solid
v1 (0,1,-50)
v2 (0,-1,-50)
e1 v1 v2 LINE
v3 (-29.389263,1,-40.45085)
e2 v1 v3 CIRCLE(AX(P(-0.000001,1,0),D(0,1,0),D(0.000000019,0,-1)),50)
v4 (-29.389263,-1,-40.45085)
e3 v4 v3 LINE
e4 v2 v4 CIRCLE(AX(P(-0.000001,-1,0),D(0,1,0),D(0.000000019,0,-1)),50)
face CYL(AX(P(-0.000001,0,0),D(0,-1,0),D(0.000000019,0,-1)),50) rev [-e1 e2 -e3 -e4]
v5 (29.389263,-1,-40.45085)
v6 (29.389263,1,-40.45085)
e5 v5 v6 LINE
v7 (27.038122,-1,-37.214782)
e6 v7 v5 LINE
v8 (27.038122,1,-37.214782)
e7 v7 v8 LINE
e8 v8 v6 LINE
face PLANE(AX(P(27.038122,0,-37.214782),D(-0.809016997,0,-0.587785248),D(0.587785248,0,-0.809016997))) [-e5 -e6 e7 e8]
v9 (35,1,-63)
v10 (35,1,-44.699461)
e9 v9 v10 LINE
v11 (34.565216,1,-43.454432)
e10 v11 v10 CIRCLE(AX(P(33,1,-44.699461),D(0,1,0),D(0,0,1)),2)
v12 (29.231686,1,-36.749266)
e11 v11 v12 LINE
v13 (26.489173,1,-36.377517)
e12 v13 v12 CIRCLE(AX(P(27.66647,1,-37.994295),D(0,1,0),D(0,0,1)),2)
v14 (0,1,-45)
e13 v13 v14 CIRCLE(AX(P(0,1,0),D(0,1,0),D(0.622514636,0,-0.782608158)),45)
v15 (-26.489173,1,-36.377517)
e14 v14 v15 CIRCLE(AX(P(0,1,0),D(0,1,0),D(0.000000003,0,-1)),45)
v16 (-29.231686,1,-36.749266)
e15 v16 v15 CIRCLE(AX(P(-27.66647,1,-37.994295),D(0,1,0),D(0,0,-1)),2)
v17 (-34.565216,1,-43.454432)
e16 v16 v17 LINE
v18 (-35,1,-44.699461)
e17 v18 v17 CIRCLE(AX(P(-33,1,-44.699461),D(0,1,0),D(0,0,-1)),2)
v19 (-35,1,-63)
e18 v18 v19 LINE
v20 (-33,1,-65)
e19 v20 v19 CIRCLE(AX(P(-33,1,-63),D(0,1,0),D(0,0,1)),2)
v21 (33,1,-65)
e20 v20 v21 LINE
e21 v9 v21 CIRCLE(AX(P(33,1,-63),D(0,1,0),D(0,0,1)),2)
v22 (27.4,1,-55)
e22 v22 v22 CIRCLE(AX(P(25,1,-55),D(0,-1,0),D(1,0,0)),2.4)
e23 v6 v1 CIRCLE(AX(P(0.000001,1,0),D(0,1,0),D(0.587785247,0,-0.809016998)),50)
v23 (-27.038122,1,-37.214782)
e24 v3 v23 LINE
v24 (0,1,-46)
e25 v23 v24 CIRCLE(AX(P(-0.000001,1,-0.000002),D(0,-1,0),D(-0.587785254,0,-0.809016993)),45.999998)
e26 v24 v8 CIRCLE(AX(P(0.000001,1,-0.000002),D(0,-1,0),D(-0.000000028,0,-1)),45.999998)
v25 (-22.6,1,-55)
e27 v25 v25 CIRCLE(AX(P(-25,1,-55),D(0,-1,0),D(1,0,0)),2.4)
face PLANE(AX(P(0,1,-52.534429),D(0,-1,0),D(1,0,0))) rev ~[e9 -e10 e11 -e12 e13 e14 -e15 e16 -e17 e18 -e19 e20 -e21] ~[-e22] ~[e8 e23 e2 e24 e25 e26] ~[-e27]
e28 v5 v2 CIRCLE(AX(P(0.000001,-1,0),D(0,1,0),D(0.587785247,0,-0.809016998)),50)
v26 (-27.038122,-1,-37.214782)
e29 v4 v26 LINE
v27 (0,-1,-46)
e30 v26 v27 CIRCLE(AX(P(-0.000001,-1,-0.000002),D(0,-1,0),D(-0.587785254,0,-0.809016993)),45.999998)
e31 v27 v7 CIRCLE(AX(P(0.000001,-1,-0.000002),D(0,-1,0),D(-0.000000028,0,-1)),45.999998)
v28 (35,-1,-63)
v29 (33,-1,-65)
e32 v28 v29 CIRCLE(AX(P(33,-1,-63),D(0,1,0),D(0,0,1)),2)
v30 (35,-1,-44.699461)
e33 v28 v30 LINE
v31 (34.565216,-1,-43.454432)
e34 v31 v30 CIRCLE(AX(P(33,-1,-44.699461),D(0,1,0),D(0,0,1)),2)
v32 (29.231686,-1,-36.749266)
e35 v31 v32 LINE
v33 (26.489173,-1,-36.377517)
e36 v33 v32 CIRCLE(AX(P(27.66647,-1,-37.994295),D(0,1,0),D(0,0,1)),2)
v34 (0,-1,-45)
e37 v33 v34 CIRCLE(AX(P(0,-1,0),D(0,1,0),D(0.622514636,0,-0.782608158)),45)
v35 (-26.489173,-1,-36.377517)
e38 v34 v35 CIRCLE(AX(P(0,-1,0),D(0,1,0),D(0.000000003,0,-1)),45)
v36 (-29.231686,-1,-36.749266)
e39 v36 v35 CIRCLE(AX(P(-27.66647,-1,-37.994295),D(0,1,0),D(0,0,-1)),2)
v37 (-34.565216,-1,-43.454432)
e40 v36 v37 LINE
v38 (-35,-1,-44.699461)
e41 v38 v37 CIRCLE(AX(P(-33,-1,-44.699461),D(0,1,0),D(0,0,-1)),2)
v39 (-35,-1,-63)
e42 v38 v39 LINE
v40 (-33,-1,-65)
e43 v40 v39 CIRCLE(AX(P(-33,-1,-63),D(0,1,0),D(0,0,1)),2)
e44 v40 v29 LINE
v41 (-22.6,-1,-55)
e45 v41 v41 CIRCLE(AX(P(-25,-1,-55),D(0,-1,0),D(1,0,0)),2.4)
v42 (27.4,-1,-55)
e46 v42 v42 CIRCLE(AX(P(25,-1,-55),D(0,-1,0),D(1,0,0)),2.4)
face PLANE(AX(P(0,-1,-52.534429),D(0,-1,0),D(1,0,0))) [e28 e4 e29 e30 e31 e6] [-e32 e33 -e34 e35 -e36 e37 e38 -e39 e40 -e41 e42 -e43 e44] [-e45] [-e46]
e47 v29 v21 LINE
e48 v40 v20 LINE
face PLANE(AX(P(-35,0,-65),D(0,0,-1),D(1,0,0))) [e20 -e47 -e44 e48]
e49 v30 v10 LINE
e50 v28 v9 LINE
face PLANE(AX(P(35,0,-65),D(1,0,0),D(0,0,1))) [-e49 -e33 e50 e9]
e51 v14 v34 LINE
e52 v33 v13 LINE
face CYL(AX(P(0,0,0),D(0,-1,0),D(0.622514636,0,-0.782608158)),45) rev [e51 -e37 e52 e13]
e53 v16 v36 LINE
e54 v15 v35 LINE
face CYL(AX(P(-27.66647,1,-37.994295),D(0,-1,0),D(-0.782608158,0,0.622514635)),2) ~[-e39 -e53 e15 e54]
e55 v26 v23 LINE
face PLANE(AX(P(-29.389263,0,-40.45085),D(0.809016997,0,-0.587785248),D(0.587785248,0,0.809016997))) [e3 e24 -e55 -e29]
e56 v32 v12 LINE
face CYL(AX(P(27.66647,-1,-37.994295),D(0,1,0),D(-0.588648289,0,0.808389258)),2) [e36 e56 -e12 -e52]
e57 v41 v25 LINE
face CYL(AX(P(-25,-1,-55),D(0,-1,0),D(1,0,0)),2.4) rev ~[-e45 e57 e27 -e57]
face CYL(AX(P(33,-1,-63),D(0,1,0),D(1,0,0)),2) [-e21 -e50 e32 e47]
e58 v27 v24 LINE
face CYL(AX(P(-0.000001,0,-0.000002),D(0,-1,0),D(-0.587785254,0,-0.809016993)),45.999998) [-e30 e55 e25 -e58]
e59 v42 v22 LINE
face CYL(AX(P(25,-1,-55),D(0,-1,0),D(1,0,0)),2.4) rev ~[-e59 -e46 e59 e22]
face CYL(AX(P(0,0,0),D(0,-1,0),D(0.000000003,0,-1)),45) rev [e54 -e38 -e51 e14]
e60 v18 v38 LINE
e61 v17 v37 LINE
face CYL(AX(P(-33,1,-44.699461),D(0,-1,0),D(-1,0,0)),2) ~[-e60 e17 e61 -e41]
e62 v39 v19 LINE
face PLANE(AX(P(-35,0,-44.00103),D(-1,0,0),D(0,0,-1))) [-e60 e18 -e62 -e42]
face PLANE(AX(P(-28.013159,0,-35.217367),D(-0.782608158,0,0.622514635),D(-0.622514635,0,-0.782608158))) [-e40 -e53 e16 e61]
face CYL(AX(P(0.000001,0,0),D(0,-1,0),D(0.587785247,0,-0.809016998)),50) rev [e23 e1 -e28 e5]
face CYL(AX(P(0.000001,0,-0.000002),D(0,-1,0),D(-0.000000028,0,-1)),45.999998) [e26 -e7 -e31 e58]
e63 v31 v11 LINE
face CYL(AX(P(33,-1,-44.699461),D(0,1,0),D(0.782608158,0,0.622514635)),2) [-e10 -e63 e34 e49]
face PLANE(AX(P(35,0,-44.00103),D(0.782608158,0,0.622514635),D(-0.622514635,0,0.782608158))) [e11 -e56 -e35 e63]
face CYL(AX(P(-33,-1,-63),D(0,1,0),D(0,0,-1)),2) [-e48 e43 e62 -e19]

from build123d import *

# Parameters (mm, degrees)
F1_DEPTH = 1
F2_R     = 2
F3_R     = 2.4
F4_DEPTH = 25
F5_R     = 2


with BuildPart() as f1:
    # F0 (on Front) → F1 (new body, symmetric)
    with BuildSketch(Plane.XZ):
        with BuildLine():
            ThreePointArc((28.013159, -35.217367), (14.836079, -42.484006), (0, -45))
            ThreePointArc((0, -45), (-14.836079, -42.484006), (-28.013159, -35.217367))
            Line((-28.013159, -35.217367), (-35, -44.00103))
            Line((-35, -44.00103), (-35, -65))
            Line((-35, -65), (35, -65))
            Line((35, -65), (35, -44.00103))
            Line((35, -44.00103), (28.013159, -35.217367))
        make_face()
        with BuildLine():
            ThreePointArc((0, -50), (-15.45085, -47.552826), (-29.389263, -40.45085))
            Line((-29.389263, -40.45085), (-27.038122, -37.214782))
            ThreePointArc((-27.038122, -37.214782), (-14.214782, -43.7486), (0, -46))
            ThreePointArc((0, -46), (14.214782, -43.7486), (27.038122, -37.214782))
            Line((27.038122, -37.214782), (29.389263, -40.45085))
            ThreePointArc((29.389263, -40.45085), (15.45085, -47.552826), (0, -50))
        make_face(mode=Mode.SUBTRACT)
    extrude(amount=F1_DEPTH, both=True)

    # F2
    f2_edges = [f1.edges().sort_by_distance(p)[0] for p in [
        (28.013159, 0, -35.217367),
        (35, 0, -44.00103),
        (-28.013159, 0, -35.217367),
        (-35, 0, -44.00103),
    ]]
    fillet(f2_edges, radius=F2_R)

    # F3 (on face) → F4 (cut)
    with BuildSketch(Plane.XZ.offset(1)):
        with Locations((-25, -55)):
            Circle(F3_R)
        with Locations((25, -55)):
            Circle(F3_R)
    extrude(amount=-F4_DEPTH, mode=Mode.SUBTRACT)

    # F5
    f5_edges = [f1.edges().sort_by_distance(p)[0] for p in [
        (35, 0, -65),
        (-35, 0, -65),
    ]]
    fillet(f5_edges, radius=F5_R)


solid = f1.part
